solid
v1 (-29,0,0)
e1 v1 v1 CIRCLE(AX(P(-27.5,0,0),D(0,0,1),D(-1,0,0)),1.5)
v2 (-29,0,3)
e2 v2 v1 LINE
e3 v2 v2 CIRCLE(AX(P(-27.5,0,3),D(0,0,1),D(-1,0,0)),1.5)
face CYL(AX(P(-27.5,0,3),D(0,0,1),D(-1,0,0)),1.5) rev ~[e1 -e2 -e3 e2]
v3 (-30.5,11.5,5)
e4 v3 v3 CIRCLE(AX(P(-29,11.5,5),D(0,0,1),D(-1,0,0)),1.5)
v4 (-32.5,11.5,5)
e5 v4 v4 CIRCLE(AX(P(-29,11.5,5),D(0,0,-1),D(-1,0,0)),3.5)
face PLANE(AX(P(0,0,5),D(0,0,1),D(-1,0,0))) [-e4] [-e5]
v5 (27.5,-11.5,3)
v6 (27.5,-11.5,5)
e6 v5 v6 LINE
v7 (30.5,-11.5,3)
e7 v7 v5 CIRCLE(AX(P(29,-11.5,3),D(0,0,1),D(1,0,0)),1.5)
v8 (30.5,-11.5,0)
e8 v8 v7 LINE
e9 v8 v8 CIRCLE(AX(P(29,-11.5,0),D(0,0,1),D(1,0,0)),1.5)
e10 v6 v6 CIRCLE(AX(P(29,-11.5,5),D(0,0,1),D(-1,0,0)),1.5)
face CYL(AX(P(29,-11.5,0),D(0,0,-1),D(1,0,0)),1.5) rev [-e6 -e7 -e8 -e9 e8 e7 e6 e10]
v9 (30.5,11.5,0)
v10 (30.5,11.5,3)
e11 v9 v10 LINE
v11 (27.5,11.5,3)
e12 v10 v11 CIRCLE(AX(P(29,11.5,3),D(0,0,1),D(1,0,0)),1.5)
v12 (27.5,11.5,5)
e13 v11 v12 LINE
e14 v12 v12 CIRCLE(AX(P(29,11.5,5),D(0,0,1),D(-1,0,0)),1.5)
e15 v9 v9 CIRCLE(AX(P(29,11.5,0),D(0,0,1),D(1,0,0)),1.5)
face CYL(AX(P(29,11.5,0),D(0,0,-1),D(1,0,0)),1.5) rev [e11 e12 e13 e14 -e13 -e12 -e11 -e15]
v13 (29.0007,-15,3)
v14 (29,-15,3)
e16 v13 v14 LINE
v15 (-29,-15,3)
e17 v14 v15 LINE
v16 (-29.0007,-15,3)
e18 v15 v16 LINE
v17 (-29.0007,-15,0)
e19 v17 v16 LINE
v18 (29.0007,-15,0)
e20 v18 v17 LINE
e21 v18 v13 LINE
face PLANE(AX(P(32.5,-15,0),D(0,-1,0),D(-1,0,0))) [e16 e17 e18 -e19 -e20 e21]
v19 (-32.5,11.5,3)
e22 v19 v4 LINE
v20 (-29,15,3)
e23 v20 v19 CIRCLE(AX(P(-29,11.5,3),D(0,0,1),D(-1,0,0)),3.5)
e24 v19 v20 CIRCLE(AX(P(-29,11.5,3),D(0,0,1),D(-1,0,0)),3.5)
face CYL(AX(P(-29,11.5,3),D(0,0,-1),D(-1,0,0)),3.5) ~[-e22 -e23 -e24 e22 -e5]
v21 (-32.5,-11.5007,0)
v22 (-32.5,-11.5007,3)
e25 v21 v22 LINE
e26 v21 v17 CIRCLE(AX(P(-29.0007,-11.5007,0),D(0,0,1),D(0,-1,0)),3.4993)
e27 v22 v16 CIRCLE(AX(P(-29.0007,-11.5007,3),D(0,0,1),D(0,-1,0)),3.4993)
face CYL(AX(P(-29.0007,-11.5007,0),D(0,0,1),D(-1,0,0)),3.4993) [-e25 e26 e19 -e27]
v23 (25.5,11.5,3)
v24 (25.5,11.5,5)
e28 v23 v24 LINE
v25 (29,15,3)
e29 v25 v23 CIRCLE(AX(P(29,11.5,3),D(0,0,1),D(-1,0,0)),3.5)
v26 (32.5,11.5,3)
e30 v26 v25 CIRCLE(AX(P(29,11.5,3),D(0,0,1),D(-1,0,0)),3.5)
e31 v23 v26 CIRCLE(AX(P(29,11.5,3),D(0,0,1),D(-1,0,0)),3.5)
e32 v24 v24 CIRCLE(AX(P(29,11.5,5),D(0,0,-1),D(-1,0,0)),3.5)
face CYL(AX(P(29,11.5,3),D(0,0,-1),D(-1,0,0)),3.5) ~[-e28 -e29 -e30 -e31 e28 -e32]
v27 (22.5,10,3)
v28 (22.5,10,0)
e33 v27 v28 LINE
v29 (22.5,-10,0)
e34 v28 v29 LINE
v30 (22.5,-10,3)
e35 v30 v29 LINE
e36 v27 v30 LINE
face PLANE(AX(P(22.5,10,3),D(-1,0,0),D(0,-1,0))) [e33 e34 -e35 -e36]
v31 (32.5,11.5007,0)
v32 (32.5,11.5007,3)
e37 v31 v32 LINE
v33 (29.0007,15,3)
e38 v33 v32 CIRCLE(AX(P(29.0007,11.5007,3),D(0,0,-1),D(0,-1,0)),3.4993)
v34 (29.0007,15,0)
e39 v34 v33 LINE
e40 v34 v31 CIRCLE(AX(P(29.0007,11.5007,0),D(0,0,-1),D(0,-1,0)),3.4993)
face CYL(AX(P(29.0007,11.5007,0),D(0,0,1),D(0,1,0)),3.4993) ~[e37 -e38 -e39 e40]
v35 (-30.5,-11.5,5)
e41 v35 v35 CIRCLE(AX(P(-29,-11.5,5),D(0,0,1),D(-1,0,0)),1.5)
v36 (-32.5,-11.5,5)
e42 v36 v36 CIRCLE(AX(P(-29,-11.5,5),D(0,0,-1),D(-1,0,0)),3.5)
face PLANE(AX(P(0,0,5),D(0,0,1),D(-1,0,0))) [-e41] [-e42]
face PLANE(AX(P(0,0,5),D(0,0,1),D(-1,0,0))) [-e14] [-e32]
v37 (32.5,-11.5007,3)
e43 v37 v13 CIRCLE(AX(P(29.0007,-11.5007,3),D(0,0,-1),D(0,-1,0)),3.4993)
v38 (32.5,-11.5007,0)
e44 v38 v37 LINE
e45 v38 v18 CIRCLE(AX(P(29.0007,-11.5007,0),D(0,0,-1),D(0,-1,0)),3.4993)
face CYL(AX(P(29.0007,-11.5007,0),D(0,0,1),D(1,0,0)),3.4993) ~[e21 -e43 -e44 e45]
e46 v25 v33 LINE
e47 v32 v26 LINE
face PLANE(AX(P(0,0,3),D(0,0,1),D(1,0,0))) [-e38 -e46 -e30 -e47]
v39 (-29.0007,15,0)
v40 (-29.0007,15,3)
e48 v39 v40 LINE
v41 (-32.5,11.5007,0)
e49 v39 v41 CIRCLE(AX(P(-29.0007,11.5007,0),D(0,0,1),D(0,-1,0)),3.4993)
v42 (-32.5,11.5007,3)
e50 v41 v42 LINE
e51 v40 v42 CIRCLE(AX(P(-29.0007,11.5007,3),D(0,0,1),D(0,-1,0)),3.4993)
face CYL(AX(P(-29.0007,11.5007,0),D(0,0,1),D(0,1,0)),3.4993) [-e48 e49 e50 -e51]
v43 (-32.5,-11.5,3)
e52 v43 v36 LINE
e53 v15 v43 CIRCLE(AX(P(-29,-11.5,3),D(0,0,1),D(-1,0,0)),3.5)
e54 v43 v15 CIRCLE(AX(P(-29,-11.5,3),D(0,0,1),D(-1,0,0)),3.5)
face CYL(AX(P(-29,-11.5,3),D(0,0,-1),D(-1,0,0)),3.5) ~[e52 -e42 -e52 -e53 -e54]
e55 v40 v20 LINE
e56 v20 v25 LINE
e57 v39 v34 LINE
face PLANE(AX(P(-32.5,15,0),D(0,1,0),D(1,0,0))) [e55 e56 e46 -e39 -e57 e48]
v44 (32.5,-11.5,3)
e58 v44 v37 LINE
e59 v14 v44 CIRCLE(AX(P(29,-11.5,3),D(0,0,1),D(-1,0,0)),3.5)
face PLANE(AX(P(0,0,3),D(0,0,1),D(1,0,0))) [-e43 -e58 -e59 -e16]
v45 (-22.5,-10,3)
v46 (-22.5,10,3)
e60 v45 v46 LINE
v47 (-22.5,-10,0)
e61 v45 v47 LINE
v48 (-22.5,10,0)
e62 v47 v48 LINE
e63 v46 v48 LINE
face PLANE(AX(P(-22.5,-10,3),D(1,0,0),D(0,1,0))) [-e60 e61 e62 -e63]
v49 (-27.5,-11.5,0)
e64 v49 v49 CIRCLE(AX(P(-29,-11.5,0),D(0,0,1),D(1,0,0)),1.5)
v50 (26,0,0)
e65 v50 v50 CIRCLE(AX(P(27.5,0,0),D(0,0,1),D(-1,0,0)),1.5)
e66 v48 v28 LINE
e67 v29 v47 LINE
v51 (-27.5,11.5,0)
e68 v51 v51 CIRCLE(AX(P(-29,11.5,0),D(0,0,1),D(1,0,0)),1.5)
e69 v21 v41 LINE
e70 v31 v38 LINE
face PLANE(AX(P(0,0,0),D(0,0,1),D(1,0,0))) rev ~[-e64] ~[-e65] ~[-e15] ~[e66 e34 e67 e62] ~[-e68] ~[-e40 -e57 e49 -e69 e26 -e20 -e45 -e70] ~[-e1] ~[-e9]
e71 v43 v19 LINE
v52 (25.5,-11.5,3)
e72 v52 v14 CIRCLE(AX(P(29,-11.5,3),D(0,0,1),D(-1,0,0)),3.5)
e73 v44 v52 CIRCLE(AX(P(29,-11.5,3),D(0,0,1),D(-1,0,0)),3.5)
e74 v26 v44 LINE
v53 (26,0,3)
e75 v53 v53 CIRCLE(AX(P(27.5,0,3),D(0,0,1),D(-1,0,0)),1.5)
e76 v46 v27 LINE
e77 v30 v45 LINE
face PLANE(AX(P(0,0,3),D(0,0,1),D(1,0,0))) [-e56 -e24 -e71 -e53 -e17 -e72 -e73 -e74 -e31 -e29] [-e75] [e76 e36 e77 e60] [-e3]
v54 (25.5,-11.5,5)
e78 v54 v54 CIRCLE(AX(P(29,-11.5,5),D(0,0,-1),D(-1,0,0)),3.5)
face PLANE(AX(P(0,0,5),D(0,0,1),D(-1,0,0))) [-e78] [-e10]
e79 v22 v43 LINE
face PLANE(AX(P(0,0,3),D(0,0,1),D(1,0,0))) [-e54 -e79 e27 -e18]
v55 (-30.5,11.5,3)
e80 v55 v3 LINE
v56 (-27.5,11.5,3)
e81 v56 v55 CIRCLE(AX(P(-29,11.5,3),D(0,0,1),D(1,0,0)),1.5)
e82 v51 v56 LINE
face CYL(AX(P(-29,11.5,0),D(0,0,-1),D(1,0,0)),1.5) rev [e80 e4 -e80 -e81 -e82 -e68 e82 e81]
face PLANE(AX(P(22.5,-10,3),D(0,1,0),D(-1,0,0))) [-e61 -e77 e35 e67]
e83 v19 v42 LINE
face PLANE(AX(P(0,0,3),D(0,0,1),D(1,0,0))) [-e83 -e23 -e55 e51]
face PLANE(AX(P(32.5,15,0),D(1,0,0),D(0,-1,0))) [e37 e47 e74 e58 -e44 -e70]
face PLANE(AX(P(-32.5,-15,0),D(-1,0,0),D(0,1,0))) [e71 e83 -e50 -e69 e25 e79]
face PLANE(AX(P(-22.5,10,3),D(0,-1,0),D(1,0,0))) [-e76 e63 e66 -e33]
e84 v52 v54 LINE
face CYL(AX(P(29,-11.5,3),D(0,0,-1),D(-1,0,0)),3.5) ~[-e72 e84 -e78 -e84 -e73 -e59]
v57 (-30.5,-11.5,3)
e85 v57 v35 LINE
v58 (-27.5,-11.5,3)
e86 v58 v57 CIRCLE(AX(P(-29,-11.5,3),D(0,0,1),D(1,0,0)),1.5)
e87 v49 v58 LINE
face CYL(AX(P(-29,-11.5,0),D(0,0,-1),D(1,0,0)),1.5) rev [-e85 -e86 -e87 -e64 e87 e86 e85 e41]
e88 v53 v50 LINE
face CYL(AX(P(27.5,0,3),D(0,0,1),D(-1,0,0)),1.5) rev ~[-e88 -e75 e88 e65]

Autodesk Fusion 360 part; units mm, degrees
sketch "Sketch1" plane through (0, 0, 0) normal (0, 0, 1) x (1, 0, 0)
  line L0 (-32.5, 15) -> (32.5, 15)
  line L1 (32.5, 15) -> (32.5, -15)
  line L2 (32.5, -15) -> (-32.5, -15)
  line L3 (-32.5, -15) -> (-32.5, 15)
  line L4 (-32.5, 15) -> (32.5, -15) construction
  line L5 (32.5, 15) -> (-32.5, -15) construction
  circle A0 centre (-29, 11.5) radius 1.5
  circle A1 centre (29, 11.5) radius 1.5
  circle A2 centre (-29, -11.5) radius 1.5
  circle A3 centre (29, -11.5) radius 1.5
  dimension "d1" = 65
  dimension "d2" = 30
  dimension "d3" = 3
  dimension "d4" = 3.5
  dimension "d5" = 3.5
  dimension "d8" = 58
  dimension "d9" = -23
extrude "Extrude1" add sketch "Sketch1" along normal blind 3
sketch "Sketch2" plane through (0, 0, 3) normal (0, 0, 1) x (-1, 0, 0)
  circle A0 centre (-29, -11.5) radius 1.5
  circle A1 centre (29, 11.5) radius 1.5
  circle A2 centre (29, -11.5) radius 1.5
  circle A3 centre (-29, 11.5) radius 1.5
  line L0 (32.5, 15) -> (-32.5, 15)
  line L1 (-32.5, 15) -> (-32.5, -15)
  line L2 (-32.5, -15) -> (32.5, -15)
  line L3 (32.5, -15) -> (32.5, 15)
  circle A4 centre (29, -11.5) radius 3.5
  circle A5 centre (-29, -11.5) radius 3.5
  circle A6 centre (29, 11.5) radius 3.5
  circle A7 centre (-29, 11.5) radius 3.5
  dimension "d14" = -58
  dimension "d15" = 23
extrude "Extrude2" add sketch "Sketch2" along normal blind 2 contours A6 | A7 | A4 | A5
fillet "Fillet1" radius 3.5 4 edges at (-32.5, -15, 1.5) (-32.5, 15, 1.5) (32.5, -15, 1.5) (32.5, 15, 1.5)
sketch "Sketch3" plane through (0, 0, 3) normal (0, 0, 1) x (-1, 0, 0)
  arc A0 (-29, -15) -> (-32.5, -11.5) centre (-29, -11.5) ccw
  line L0 (-29, -15) -> (29, -15)
  arc A1 (32.5, -11.5) -> (29, -15) centre (29, -11.5) ccw
  line L1 (32.5, -11.5) -> (32.5, 11.5)
  arc A2 (29, 15) -> (32.5, 11.5) centre (29, 11.5) ccw
  line L2 (29, 15) -> (-29, 15)
  arc A3 (-32.5, 11.5) -> (-29, 15) centre (-29, 11.5) ccw
  line L3 (-32.5, 11.5) -> (-32.5, -11.5)
  line L4 (25.5013, -11.5936) -> (-25.5013, 11.5936) construction
  line L5 (-25.5013, -11.5936) -> (25.5013, 11.5936) construction
  circle A4 centre (27.5, 0) radius 1.5
  circle A5 centre (-27.5, 0) radius 1.5
  line L6 (22.5, -10) -> (-22.5, -10)
  line L7 (-22.5, -10) -> (-22.5, 10)
  line L8 (-22.5, 10) -> (22.5, 10)
  line L9 (22.5, 10) -> (22.5, -10)
  line L10 (22.5, -10) -> (-22.5, 10) construction
  line L11 (-22.5, -10) -> (22.5, 10) construction
  dimension "d20" = 3
  dimension "d21" = 3
  dimension "d22" = 27.5
  dimension "d23" = 27.5
  dimension "d24" = 5
  dimension "d25" = 5
  dimension "d26" = 5
extrude "Extrude3" cut sketch "Sketch3" against normal up to surface (3 mm away) contours A4 | A5 | L6 L7 L8 L9
equation "d24 = d25"
equation "d26 = d25"
